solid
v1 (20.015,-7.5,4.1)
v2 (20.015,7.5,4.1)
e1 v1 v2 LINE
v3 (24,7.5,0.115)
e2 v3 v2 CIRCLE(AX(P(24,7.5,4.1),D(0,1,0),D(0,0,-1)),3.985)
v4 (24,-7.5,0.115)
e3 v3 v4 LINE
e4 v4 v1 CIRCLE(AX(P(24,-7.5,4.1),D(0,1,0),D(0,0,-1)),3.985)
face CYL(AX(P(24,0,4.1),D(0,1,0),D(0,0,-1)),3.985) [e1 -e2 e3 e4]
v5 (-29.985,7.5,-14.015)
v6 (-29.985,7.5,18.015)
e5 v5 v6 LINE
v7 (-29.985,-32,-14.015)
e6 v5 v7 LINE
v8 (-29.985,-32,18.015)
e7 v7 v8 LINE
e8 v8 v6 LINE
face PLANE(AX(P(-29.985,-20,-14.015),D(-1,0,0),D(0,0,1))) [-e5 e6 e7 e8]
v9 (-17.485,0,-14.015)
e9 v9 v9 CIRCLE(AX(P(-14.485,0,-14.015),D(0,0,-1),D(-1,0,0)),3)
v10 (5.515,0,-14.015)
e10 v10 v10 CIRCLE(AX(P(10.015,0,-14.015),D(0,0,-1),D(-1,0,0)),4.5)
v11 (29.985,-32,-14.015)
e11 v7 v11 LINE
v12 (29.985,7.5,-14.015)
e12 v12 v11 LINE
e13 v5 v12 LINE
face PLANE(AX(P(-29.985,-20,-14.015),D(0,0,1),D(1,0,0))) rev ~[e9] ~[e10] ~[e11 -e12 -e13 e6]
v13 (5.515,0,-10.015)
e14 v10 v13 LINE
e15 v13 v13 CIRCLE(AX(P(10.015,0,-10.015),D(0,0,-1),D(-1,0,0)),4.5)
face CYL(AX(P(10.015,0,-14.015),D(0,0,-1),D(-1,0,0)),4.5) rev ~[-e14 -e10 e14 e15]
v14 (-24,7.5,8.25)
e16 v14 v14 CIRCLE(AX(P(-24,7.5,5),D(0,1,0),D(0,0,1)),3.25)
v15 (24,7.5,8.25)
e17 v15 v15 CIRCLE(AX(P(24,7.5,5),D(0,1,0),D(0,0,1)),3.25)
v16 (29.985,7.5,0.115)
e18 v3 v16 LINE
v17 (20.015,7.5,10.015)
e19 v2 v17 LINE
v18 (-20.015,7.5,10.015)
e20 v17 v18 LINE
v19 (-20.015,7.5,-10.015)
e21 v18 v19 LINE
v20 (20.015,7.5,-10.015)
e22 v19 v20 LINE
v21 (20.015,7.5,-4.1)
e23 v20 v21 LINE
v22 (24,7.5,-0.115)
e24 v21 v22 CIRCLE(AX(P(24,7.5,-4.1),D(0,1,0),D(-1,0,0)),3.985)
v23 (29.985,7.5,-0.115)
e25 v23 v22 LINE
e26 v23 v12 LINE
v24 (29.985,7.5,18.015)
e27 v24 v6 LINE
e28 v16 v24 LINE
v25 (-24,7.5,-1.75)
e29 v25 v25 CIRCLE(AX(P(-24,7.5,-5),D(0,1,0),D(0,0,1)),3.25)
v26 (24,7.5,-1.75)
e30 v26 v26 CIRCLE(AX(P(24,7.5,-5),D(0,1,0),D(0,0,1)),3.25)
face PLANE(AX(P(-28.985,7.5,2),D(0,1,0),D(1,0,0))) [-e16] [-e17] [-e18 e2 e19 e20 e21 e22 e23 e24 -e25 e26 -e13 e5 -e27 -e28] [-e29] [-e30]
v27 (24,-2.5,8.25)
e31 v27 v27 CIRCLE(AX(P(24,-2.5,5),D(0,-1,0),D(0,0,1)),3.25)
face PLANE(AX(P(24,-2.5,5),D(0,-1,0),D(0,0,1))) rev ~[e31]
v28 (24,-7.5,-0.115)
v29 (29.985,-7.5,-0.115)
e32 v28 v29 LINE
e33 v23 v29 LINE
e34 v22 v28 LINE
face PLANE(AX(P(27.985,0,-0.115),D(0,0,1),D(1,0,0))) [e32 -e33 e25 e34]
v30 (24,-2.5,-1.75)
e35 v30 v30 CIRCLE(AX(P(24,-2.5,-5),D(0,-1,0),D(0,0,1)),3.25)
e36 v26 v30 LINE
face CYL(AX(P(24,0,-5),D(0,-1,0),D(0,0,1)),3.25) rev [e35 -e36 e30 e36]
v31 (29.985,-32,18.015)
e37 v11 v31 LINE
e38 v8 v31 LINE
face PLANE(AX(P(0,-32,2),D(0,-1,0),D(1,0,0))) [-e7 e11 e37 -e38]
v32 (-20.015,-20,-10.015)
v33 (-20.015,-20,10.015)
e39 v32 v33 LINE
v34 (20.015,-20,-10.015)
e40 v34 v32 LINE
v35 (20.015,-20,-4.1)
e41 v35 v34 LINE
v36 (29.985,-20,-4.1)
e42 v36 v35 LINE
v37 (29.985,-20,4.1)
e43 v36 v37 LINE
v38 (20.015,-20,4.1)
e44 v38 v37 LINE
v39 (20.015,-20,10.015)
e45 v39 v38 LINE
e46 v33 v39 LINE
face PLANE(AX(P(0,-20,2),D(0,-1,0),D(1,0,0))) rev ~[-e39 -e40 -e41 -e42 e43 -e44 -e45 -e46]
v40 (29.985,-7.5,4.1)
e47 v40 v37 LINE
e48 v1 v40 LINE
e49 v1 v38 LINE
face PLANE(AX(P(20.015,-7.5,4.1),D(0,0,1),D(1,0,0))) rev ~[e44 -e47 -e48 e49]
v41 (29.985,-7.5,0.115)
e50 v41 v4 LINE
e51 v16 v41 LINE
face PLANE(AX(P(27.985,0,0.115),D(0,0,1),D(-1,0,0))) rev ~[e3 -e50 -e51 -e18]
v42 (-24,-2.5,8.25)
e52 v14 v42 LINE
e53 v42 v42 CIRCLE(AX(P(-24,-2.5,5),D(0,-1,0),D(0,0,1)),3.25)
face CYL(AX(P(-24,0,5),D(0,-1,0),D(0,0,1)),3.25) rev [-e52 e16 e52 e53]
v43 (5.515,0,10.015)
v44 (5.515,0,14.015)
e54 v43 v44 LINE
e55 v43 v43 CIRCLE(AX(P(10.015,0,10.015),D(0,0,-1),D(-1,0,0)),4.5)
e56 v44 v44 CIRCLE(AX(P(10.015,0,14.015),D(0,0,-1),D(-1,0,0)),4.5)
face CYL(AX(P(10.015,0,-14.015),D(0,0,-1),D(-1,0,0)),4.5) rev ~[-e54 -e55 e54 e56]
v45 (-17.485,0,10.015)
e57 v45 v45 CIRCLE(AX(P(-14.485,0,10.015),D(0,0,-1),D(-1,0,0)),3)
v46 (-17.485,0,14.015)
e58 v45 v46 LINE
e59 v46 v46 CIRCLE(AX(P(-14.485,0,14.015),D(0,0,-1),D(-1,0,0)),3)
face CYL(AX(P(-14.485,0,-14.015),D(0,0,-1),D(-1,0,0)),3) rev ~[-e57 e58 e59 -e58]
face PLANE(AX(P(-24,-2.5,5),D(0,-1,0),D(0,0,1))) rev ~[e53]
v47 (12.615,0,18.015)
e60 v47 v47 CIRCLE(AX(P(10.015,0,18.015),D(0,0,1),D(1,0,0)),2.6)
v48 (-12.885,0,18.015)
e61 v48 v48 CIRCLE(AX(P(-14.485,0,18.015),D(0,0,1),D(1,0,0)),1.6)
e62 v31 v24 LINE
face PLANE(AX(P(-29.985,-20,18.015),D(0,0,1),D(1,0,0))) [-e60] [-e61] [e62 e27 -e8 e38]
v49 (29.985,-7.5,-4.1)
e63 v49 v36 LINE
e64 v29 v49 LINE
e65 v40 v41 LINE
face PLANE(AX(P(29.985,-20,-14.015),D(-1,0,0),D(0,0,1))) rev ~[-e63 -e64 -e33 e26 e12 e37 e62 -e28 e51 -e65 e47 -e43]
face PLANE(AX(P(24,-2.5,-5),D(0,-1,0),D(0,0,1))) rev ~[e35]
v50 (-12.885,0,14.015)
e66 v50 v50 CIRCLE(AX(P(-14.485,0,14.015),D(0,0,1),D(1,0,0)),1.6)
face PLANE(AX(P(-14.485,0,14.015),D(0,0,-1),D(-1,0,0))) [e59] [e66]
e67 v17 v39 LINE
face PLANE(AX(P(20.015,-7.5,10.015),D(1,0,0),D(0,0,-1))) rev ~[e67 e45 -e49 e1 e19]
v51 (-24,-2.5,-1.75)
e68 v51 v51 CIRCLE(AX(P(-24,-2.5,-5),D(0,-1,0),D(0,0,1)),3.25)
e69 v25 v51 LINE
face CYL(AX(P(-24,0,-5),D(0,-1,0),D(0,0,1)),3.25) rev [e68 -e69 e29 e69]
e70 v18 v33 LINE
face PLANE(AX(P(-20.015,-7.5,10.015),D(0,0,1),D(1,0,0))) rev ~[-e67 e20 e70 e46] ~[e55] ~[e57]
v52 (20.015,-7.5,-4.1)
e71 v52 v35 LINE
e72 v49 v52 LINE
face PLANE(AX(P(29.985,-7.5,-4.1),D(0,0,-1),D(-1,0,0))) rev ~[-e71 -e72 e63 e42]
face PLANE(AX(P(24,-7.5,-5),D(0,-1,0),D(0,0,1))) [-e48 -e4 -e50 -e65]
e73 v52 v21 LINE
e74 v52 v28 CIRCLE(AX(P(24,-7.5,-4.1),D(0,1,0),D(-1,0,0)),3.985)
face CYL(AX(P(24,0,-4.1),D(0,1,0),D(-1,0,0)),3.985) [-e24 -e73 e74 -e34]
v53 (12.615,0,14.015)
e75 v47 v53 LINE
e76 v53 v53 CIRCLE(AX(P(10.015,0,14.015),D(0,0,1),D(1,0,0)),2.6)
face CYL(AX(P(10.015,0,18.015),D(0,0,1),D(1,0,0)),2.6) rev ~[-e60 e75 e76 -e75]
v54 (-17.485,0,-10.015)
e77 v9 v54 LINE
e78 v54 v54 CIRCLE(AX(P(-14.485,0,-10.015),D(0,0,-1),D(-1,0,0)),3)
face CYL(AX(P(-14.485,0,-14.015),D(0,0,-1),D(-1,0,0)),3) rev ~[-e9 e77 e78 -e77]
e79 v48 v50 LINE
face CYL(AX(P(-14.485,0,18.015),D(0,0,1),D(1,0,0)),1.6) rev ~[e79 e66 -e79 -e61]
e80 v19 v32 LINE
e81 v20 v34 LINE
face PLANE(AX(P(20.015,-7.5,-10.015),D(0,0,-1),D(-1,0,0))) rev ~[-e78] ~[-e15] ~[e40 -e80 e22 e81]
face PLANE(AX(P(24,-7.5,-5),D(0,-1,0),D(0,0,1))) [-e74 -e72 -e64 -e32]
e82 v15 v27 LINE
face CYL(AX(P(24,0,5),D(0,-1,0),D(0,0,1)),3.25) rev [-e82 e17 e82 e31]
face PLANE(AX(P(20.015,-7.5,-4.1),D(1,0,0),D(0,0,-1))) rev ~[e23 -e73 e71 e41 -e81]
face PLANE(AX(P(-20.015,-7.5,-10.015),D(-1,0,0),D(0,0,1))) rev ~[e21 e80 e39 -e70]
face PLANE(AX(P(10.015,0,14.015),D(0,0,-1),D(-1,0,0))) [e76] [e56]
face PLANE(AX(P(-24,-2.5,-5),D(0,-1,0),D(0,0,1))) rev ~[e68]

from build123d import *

# Parameters (mm, degrees)
SKETCH1_R           = 3.25
SKETCH1_W           = 55.97
SKETCH1_H           = 4
SKETCH1_W_2         = 2
BOSS_EXTRUDE1_DEPTH = 7.5
SKETCH2_R           = 3.25
BOSS_EXTRUDE2_DEPTH = 5
SKETCH3_R           = 1.6
SKETCH3_R_2         = 2.6
CUT_EXTRUDE1_DEPTH  = 10
SKETCH4_R           = 3
SKETCH4_R_2         = 4.5
CUT_EXTRUDE2_DEPTH  = 28.03
BOSS_EXTRUDE3_DEPTH = 12.5
SKETCH6_W           = 59.97
SKETCH6_H           = 32.03
BOSS_EXTRUDE4_DEPTH = 12


with BuildPart() as part:
    # Sketch1 → Boss-Extrude1 (new, symmetric)
    # profile 1 of 8: a face of its own
    with BuildSketch(Plane(origin=(0, 0, 0), x_dir=(1, 0, 0), z_dir=(0, 1, 0))):
        with BuildLine():
            ThreePointArc((24, -0.115), (21.182179477, -1.282179477), (20.015, -4.1))
            Line((20.015, -4.1), (20.015, -10.015))
            Line((20.015, -10.015), (-20.015, -10.015))
            Line((-20.015, -10.015), (-20.015, 10.015))
            Line((-20.015, 10.015), (20.015, 10.015))
            Line((20.015, 10.015), (20.015, 4.1))
            ThreePointArc((20.015, 4.1), (21.182179477, 1.282179477), (24, 0.115))
            ThreePointArc((24, 0.115), (26.817820523, 1.282179477), (27.985, 4.1))
            Line((27.985, 4.1), (27.985, 14.015))
            Line((27.985, 14.015), (-27.985, 14.015))
            Line((-27.985, 14.015), (-27.985, -14.015))
            Line((-27.985, -14.015), (27.985, -14.015))
            Line((27.985, -14.015), (27.985, -4.1))
            ThreePointArc((27.985, -4.1), (26.817820523, -1.282179477), (24, -0.115))
        make_face()
        with Locations(Location((-24, -5, 0), (0, 0, 270))):
            Circle(SKETCH1_R, mode=Mode.SUBTRACT)
        with Locations(Location((24, -5, 0), (0, 0, 270))):
            Circle(SKETCH1_R, mode=Mode.SUBTRACT)
        with Locations(Location((-24, 5, 0), (0, 0, 270))):
            Circle(SKETCH1_R, mode=Mode.SUBTRACT)
        with Locations(Location((24, 5, 0), (0, 0, 270))):
            Circle(SKETCH1_R, mode=Mode.SUBTRACT)
    # profile 2 of 8: a face of its own
    with BuildSketch(Plane(origin=(0, 0, 0), x_dir=(1, 0, 0), z_dir=(0, 1, 0))):
        with Locations((0, -16.015)):
            Rectangle(SKETCH1_W, SKETCH1_H)
    # profile 3 of 8: a face of its own
    with BuildSketch(Plane(origin=(0, 0, 0), x_dir=(1, 0, 0), z_dir=(0, 1, 0))):
        Polygon((27.985, 4.1), (27.985, 0.115), (29.985, 0.115), (29.985, 14.015), (27.985, 14.015), align=None)
    # profile 4 of 8: a face of its own
    with BuildSketch(Plane(origin=(0, 0, 0), x_dir=(1, 0, 0), z_dir=(0, 1, 0))):
        Polygon((29.985, -0.115), (27.985, -0.115), (27.985, -4.1), (27.985, -14.015), (29.985, -14.015), align=None)
    # profile 5 of 8: a face of its own
    with BuildSketch(Plane(origin=(0, 0, 0), x_dir=(1, 0, 0), z_dir=(0, 1, 0))):
        with BuildLine():
            Line((27.985, -4.1), (27.985, -0.115))
            Line((27.985, -0.115), (24, -0.115))
            ThreePointArc((24, -0.115), (26.817820523, -1.282179477), (27.985, -4.1))
        make_face()
    # profile 6 of 8: a face of its own
    with BuildSketch(Plane(origin=(0, 0, 0), x_dir=(1, 0, 0), z_dir=(0, 1, 0))):
        with BuildLine():
            Line((24, 0.115), (27.985, 0.115))
            Line((27.985, 0.115), (27.985, 4.1))
            ThreePointArc((27.985, 4.1), (26.817820523, 1.282179477), (24, 0.115))
        make_face()
    # profile 7 of 8: a face of its own
    with BuildSketch(Plane(origin=(0, 0, 0), x_dir=(1, 0, 0), z_dir=(0, 1, 0))):
        with Locations((28.985, -16.015)):
            Rectangle(SKETCH1_W_2, SKETCH1_H)
    # profile 8 of 8: a face of its own
    with BuildSketch(Plane(origin=(0, 0, 0), x_dir=(1, 0, 0), z_dir=(0, 1, 0))):
        Polygon((-29.985, 14.015), (-29.985, -18.015), (-27.985, -18.015), (-27.985, -14.015), (-27.985, 14.015), align=None)
    extrude(amount=BOSS_EXTRUDE1_DEPTH, both=True)

    # Sketch2 → Boss-Extrude2 (add)
    with BuildSketch(Plane.XZ.offset(7.5)):
        with Locations(Location((24, -5, 0), (0, 0, 90))):
            Circle(SKETCH2_R)
        with Locations(Location((24, 5, 0), (0, 0, 90))):
            Circle(SKETCH2_R)
        with Locations(Location((-24, -5, 0), (0, 0, 90))):
            Circle(SKETCH2_R)
        with Locations(Location((-24, 5, 0), (0, 0, 90))):
            Circle(SKETCH2_R)
    extrude(amount=-BOSS_EXTRUDE2_DEPTH)

    # Sketch3 → Cut-Extrude1 (cut)
    with BuildSketch(Plane.XY.offset(18.015)):
        with Locations((-14.485, 0)):
            Circle(SKETCH3_R)
        with Locations((10.015, 0)):
            Circle(SKETCH3_R_2)
    extrude(amount=-CUT_EXTRUDE1_DEPTH, mode=Mode.SUBTRACT)

    # Sketch4 → Cut-Extrude2 (cut)
    with BuildSketch(Plane(origin=(0, 0, -14.015), x_dir=(-1, 0, 0), z_dir=(0, 0, -1))):
        with Locations((14.485, 0)):
            Circle(SKETCH4_R)
        with Locations((-10.015, 0)):
            Circle(SKETCH4_R_2)
    extrude(amount=-CUT_EXTRUDE2_DEPTH, mode=Mode.SUBTRACT)

    # Sketch5 → Boss-Extrude3 (add)
    with BuildSketch(Plane.XZ.offset(7.5)):
        Polygon((29.985, -4.1), (20.015, -4.1), (20.015, -10.015), (-20.015, -10.015), (-20.015, 10.015), (20.015, 10.015), (20.015, 4.1), (29.985, 4.1), (29.985, 18.015), (-29.985, 18.015), (-29.985, -14.015), (29.985, -14.015), align=None)
    extrude(amount=BOSS_EXTRUDE3_DEPTH)

    # Sketch6 → Boss-Extrude4 (add)
    with BuildSketch(Plane.XZ.offset(20)):
        with Locations((0, 2)):
            Rectangle(SKETCH6_W, SKETCH6_H)
    extrude(amount=BOSS_EXTRUDE4_DEPTH)


solid = part.part
